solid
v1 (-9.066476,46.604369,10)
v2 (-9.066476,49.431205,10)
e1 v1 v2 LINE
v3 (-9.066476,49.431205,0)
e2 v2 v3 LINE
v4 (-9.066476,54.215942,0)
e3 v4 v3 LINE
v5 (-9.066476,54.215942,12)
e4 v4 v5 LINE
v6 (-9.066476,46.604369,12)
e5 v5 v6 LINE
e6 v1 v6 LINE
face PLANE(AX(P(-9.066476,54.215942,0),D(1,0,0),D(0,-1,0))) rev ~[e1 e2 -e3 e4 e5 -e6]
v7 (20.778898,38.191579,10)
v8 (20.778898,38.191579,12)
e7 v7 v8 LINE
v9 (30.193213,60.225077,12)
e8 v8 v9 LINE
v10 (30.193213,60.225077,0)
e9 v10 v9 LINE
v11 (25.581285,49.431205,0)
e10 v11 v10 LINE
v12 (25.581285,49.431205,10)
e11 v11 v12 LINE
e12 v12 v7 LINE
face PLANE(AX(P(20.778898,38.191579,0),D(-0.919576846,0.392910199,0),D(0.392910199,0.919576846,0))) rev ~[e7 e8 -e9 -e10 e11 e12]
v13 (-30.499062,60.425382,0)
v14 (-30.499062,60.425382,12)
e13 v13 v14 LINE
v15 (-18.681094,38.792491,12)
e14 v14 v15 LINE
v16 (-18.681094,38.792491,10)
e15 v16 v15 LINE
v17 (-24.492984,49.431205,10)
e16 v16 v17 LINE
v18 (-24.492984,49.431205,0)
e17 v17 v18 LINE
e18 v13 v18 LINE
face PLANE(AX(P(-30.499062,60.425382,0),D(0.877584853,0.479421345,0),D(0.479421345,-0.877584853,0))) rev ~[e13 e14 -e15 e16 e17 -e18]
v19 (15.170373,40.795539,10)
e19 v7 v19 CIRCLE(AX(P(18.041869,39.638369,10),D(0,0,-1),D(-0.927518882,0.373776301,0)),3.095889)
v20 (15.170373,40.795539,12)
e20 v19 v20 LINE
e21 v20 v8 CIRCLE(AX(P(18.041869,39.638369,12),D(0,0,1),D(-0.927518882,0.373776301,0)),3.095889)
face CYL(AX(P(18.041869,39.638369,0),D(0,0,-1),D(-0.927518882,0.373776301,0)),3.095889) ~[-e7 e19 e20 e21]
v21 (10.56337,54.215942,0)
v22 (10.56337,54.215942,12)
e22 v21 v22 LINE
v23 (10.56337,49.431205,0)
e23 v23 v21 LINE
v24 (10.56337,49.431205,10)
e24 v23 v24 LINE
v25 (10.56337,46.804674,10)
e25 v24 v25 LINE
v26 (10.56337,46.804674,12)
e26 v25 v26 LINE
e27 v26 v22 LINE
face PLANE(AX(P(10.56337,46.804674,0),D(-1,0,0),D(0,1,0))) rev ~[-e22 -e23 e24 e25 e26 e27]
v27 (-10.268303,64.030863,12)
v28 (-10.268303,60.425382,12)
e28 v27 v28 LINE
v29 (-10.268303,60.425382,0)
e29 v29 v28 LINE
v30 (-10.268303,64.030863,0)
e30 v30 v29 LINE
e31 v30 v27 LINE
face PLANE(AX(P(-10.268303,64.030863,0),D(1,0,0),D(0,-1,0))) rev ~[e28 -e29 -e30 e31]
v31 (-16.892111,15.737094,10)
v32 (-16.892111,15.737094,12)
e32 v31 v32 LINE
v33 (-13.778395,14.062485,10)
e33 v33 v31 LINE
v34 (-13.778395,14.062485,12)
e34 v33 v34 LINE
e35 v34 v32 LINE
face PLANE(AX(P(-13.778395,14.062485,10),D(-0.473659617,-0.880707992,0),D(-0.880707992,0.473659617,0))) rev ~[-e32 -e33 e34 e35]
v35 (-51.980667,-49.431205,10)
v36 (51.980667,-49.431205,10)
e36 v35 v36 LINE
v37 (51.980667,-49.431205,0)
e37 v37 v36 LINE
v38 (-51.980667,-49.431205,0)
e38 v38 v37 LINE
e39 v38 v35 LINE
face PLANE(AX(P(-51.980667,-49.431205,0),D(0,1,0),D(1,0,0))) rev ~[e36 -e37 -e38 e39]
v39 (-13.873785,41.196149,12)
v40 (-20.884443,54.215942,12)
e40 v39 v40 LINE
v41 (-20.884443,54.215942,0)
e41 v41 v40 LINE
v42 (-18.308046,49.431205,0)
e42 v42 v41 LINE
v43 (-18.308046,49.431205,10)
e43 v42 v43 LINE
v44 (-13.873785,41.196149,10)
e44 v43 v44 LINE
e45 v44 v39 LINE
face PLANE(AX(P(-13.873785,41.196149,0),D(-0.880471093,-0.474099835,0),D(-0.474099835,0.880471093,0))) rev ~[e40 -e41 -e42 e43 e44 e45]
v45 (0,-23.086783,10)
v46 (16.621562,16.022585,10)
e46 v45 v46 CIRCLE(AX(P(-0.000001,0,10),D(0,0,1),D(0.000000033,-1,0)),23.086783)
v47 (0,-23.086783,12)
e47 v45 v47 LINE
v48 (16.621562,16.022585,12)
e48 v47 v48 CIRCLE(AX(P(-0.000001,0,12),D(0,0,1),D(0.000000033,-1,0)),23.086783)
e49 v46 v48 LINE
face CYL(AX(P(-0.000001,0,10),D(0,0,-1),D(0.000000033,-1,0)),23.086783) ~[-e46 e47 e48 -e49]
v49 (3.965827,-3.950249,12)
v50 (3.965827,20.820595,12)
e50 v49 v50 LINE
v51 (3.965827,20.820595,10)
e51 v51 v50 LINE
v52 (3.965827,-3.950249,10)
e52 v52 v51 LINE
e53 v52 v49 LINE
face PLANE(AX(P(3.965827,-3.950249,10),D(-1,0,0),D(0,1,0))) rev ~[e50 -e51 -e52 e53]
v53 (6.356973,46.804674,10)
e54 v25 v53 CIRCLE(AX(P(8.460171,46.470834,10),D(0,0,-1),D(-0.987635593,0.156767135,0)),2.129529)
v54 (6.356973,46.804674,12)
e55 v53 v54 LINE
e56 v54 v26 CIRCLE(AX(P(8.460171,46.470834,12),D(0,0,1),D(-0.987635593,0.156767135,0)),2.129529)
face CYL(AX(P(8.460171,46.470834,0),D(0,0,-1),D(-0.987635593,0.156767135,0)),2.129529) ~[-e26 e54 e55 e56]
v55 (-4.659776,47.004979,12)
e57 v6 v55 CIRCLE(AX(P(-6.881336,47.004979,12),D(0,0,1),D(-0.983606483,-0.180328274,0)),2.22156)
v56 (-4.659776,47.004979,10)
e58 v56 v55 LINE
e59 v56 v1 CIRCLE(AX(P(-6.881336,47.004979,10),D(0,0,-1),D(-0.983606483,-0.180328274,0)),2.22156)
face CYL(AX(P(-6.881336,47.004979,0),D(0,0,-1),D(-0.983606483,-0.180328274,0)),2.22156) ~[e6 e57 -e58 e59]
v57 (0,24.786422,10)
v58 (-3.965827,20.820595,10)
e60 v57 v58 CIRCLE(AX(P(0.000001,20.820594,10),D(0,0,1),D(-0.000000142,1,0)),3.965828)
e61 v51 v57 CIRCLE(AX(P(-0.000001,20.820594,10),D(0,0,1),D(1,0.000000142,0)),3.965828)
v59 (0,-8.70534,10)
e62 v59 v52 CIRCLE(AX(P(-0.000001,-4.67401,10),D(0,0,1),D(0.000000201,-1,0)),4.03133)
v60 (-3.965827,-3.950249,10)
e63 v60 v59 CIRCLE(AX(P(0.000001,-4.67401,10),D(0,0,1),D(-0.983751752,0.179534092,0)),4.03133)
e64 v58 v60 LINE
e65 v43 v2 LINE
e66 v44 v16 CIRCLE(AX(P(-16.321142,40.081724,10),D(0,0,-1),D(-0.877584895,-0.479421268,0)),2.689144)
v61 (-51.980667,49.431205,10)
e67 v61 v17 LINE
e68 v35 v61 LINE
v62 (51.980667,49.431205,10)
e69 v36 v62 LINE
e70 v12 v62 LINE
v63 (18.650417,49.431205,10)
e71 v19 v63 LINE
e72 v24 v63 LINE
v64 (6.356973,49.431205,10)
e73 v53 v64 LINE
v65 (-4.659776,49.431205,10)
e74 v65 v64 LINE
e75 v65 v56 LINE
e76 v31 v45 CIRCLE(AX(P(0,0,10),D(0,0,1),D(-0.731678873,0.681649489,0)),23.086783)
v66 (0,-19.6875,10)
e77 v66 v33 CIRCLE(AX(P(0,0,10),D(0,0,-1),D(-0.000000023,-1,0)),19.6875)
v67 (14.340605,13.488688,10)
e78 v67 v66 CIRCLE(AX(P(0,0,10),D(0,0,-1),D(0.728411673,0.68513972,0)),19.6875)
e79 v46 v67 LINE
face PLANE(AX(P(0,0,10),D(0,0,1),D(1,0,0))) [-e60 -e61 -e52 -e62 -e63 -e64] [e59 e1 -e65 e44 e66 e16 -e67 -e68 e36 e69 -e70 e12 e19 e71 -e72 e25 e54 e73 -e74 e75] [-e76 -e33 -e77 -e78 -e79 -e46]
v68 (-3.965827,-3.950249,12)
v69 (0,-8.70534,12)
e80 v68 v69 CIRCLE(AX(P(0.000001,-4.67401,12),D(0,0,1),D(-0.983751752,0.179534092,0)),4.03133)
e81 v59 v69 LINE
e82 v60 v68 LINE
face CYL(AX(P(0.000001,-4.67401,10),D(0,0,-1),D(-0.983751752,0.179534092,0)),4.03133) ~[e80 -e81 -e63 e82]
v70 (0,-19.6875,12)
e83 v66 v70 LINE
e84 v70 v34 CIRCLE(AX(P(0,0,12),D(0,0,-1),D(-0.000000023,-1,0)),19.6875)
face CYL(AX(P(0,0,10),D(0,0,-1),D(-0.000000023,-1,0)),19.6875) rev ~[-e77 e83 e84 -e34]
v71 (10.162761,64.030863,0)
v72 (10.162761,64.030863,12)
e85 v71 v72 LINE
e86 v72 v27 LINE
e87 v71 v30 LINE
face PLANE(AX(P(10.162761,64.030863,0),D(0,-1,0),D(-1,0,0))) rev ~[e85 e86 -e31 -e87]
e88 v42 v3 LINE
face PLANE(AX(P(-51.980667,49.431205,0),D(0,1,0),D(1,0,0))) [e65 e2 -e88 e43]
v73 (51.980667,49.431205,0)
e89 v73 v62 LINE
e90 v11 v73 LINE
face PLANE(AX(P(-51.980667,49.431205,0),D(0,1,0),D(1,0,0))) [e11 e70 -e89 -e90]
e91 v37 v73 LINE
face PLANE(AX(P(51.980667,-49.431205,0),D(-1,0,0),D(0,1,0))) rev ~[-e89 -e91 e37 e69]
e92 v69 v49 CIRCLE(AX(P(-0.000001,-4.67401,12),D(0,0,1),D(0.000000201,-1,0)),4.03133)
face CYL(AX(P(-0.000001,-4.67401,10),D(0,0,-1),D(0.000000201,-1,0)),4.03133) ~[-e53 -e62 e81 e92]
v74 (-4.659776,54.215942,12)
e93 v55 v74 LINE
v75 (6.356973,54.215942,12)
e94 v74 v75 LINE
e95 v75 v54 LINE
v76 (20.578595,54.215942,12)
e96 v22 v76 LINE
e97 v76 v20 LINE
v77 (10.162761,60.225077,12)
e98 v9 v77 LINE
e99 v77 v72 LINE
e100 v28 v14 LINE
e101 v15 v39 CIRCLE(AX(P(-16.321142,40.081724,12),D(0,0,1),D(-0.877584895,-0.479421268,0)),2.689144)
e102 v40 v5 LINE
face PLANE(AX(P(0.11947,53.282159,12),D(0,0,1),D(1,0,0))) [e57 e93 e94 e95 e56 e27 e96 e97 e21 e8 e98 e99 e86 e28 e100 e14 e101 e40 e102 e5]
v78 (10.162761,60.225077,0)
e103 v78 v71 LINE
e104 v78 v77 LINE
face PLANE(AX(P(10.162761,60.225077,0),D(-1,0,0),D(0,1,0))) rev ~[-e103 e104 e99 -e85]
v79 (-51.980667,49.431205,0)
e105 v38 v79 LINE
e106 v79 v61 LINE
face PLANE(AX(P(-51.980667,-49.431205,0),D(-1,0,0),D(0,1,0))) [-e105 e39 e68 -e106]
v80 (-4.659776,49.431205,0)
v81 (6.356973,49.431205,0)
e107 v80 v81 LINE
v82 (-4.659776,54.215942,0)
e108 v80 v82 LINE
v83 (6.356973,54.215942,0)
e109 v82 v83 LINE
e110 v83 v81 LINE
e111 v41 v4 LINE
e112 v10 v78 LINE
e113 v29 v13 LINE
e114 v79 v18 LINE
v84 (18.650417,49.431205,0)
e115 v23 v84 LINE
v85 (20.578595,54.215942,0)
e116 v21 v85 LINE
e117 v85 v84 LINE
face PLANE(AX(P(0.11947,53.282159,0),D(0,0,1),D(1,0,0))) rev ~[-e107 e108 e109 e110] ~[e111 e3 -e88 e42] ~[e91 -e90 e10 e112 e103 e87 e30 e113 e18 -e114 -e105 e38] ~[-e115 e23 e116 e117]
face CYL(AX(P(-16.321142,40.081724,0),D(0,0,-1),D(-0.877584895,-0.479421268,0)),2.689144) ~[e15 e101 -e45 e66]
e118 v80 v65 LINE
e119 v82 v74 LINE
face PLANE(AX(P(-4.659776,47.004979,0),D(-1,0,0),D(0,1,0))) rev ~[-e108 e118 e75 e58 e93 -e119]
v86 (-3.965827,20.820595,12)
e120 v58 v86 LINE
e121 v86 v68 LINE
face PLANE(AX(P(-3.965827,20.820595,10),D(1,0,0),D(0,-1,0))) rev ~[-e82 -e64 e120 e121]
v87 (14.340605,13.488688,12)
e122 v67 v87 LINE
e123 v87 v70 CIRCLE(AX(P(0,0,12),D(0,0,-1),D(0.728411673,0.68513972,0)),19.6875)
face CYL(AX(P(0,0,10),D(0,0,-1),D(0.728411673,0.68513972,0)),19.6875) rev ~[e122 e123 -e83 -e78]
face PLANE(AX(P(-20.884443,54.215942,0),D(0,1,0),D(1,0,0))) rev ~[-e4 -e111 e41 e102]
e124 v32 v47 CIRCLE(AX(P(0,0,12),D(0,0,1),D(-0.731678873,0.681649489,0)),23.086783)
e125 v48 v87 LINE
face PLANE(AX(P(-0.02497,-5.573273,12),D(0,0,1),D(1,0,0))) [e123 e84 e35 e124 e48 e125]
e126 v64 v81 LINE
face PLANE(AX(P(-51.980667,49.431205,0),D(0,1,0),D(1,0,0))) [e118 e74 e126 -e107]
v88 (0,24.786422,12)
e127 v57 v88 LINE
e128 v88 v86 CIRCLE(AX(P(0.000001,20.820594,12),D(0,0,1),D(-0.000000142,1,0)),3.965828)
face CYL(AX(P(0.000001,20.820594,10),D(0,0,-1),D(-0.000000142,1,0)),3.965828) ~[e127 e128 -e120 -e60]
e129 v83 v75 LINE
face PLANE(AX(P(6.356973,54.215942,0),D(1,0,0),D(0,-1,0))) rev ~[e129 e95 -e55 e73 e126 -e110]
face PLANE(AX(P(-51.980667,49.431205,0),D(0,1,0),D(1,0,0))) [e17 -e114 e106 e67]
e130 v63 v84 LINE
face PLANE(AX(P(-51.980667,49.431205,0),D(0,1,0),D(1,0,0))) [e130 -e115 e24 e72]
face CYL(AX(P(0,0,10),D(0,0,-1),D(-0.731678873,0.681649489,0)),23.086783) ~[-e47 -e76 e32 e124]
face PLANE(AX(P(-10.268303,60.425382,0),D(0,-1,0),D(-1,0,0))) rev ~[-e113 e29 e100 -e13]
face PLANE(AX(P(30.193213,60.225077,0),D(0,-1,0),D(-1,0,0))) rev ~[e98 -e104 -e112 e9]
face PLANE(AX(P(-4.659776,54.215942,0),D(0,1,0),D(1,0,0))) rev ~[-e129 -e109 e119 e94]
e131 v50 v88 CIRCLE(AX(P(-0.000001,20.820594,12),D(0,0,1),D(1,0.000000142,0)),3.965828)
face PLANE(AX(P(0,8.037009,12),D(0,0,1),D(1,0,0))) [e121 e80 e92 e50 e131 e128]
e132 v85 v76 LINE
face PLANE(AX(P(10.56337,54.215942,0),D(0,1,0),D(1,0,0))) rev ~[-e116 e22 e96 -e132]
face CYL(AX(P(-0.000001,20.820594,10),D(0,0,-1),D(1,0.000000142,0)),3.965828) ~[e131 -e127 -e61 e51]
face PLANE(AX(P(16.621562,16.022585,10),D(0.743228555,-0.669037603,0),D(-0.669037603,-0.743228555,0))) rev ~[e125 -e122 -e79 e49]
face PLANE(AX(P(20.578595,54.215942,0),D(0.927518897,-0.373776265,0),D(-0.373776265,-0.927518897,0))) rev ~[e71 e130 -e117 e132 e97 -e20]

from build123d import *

# Parameters (mm, degrees)
F0_W     = 103.961334
F0_H     = 98.86241
F1_DEPTH = 10
F3_DEPTH = 2
F5_DEPTH = 2
F7_DEPTH = 12


with BuildPart() as f1:
    # F0 (on Top) → F1 (new body)
    with BuildSketch(Plane.XY):
        Rectangle(F0_W, F0_H)
    extrude(amount=F1_DEPTH)

    # F2 (on face) → F3 (join)
    with BuildSketch(Plane.XY.offset(10)):
        with BuildLine():
            ThreePointArc((-16.892111, 15.737094), (-21.169771, -9.210881), (0, -23.086783))
            ThreePointArc((0, -23.086783), (21.247464, -9.030216), (16.621562, 16.022585))
            Line((16.621562, 16.022585), (14.340605, 13.488688))
            ThreePointArc((14.340605, 13.488688), (18.071472, -7.811502), (0, -19.6875))
            ThreePointArc((0, -19.6875), (-18.227079, -7.441185), (-13.778395, 14.062485))
            Line((-13.778395, 14.062485), (-16.892111, 15.737094))
        make_face()
    extrude(amount=F3_DEPTH)

    # F4 (on face) → F5 (join)
    with BuildSketch(Plane.XY.offset(10)):
        with BuildLine():
            ThreePointArc((-3.965827, -3.950249), (-3.095911, -7.256054), (0, -8.70534))
            ThreePointArc((0, -8.70534), (3.095911, -7.256054), (3.965827, -3.950249))
            Line((3.965827, -3.950249), (3.965827, 20.820595))
            ThreePointArc((3.965827, 20.820595), (2.804263, 23.624858), (0, 24.786422))
            ThreePointArc((0, 24.786422), (-2.804263, 23.624858), (-3.965827, 20.820595))
            Line((-3.965827, 20.820595), (-3.965827, -3.950249))
        make_face()
    extrude(amount=F5_DEPTH)

    # F6 (on Top) → F7 (join)
    with BuildSketch(Plane.XY):
        with BuildLine():
            Line((10.162761, 64.030863), (0, 64.030863))
            Line((0, 64.030863), (-10.268303, 64.030863))
            Line((-10.268303, 64.030863), (-10.268303, 60.425382))
            Line((-10.268303, 60.425382), (-30.499062, 60.425382))
            Line((-30.499062, 60.425382), (-18.681094, 38.792491))
            ThreePointArc((-18.681094, 38.792491), (-15.118518, 37.676481), (-13.873785, 41.196149))
            Line((-13.873785, 41.196149), (-20.884443, 54.215942))
            Line((-20.884443, 54.215942), (-9.066476, 54.215942))
            Line((-9.066476, 54.215942), (-4.659776, 54.215942))
            Line((-4.659776, 54.215942), (6.356973, 54.215942))
            Line((6.356973, 54.215942), (10.56337, 54.215942))
            Line((10.56337, 54.215942), (20.578595, 54.215942))
            Line((20.578595, 54.215942), (15.170373, 40.795539))
            ThreePointArc((15.170373, 40.795539), (16.738154, 36.83037), (20.778898, 38.191579))
            Line((20.778898, 38.191579), (30.193213, 60.225077))
            Line((30.193213, 60.225077), (10.162761, 60.225077))
            Line((10.162761, 60.225077), (10.162761, 64.030863))
        make_face()
        with BuildLine():
            Line((10.56337, 46.804674), (10.56337, 54.215942))
            Line((10.56337, 54.215942), (6.356973, 54.215942))
            Line((6.356973, 54.215942), (6.356973, 46.804674))
            ThreePointArc((6.356973, 46.804674), (8.460172, 44.341305), (10.56337, 46.804674))
        make_face()
        with BuildLine():
            Line((-4.659776, 54.215942), (-9.066476, 54.215942))
            Line((-9.066476, 54.215942), (-9.066476, 46.604369))
            ThreePointArc((-9.066476, 46.604369), (-6.680204, 44.792543), (-4.659776, 47.004979))
            Line((-4.659776, 47.004979), (-4.659776, 54.215942))
        make_face()
    extrude(amount=F7_DEPTH)


solid = f1.part
